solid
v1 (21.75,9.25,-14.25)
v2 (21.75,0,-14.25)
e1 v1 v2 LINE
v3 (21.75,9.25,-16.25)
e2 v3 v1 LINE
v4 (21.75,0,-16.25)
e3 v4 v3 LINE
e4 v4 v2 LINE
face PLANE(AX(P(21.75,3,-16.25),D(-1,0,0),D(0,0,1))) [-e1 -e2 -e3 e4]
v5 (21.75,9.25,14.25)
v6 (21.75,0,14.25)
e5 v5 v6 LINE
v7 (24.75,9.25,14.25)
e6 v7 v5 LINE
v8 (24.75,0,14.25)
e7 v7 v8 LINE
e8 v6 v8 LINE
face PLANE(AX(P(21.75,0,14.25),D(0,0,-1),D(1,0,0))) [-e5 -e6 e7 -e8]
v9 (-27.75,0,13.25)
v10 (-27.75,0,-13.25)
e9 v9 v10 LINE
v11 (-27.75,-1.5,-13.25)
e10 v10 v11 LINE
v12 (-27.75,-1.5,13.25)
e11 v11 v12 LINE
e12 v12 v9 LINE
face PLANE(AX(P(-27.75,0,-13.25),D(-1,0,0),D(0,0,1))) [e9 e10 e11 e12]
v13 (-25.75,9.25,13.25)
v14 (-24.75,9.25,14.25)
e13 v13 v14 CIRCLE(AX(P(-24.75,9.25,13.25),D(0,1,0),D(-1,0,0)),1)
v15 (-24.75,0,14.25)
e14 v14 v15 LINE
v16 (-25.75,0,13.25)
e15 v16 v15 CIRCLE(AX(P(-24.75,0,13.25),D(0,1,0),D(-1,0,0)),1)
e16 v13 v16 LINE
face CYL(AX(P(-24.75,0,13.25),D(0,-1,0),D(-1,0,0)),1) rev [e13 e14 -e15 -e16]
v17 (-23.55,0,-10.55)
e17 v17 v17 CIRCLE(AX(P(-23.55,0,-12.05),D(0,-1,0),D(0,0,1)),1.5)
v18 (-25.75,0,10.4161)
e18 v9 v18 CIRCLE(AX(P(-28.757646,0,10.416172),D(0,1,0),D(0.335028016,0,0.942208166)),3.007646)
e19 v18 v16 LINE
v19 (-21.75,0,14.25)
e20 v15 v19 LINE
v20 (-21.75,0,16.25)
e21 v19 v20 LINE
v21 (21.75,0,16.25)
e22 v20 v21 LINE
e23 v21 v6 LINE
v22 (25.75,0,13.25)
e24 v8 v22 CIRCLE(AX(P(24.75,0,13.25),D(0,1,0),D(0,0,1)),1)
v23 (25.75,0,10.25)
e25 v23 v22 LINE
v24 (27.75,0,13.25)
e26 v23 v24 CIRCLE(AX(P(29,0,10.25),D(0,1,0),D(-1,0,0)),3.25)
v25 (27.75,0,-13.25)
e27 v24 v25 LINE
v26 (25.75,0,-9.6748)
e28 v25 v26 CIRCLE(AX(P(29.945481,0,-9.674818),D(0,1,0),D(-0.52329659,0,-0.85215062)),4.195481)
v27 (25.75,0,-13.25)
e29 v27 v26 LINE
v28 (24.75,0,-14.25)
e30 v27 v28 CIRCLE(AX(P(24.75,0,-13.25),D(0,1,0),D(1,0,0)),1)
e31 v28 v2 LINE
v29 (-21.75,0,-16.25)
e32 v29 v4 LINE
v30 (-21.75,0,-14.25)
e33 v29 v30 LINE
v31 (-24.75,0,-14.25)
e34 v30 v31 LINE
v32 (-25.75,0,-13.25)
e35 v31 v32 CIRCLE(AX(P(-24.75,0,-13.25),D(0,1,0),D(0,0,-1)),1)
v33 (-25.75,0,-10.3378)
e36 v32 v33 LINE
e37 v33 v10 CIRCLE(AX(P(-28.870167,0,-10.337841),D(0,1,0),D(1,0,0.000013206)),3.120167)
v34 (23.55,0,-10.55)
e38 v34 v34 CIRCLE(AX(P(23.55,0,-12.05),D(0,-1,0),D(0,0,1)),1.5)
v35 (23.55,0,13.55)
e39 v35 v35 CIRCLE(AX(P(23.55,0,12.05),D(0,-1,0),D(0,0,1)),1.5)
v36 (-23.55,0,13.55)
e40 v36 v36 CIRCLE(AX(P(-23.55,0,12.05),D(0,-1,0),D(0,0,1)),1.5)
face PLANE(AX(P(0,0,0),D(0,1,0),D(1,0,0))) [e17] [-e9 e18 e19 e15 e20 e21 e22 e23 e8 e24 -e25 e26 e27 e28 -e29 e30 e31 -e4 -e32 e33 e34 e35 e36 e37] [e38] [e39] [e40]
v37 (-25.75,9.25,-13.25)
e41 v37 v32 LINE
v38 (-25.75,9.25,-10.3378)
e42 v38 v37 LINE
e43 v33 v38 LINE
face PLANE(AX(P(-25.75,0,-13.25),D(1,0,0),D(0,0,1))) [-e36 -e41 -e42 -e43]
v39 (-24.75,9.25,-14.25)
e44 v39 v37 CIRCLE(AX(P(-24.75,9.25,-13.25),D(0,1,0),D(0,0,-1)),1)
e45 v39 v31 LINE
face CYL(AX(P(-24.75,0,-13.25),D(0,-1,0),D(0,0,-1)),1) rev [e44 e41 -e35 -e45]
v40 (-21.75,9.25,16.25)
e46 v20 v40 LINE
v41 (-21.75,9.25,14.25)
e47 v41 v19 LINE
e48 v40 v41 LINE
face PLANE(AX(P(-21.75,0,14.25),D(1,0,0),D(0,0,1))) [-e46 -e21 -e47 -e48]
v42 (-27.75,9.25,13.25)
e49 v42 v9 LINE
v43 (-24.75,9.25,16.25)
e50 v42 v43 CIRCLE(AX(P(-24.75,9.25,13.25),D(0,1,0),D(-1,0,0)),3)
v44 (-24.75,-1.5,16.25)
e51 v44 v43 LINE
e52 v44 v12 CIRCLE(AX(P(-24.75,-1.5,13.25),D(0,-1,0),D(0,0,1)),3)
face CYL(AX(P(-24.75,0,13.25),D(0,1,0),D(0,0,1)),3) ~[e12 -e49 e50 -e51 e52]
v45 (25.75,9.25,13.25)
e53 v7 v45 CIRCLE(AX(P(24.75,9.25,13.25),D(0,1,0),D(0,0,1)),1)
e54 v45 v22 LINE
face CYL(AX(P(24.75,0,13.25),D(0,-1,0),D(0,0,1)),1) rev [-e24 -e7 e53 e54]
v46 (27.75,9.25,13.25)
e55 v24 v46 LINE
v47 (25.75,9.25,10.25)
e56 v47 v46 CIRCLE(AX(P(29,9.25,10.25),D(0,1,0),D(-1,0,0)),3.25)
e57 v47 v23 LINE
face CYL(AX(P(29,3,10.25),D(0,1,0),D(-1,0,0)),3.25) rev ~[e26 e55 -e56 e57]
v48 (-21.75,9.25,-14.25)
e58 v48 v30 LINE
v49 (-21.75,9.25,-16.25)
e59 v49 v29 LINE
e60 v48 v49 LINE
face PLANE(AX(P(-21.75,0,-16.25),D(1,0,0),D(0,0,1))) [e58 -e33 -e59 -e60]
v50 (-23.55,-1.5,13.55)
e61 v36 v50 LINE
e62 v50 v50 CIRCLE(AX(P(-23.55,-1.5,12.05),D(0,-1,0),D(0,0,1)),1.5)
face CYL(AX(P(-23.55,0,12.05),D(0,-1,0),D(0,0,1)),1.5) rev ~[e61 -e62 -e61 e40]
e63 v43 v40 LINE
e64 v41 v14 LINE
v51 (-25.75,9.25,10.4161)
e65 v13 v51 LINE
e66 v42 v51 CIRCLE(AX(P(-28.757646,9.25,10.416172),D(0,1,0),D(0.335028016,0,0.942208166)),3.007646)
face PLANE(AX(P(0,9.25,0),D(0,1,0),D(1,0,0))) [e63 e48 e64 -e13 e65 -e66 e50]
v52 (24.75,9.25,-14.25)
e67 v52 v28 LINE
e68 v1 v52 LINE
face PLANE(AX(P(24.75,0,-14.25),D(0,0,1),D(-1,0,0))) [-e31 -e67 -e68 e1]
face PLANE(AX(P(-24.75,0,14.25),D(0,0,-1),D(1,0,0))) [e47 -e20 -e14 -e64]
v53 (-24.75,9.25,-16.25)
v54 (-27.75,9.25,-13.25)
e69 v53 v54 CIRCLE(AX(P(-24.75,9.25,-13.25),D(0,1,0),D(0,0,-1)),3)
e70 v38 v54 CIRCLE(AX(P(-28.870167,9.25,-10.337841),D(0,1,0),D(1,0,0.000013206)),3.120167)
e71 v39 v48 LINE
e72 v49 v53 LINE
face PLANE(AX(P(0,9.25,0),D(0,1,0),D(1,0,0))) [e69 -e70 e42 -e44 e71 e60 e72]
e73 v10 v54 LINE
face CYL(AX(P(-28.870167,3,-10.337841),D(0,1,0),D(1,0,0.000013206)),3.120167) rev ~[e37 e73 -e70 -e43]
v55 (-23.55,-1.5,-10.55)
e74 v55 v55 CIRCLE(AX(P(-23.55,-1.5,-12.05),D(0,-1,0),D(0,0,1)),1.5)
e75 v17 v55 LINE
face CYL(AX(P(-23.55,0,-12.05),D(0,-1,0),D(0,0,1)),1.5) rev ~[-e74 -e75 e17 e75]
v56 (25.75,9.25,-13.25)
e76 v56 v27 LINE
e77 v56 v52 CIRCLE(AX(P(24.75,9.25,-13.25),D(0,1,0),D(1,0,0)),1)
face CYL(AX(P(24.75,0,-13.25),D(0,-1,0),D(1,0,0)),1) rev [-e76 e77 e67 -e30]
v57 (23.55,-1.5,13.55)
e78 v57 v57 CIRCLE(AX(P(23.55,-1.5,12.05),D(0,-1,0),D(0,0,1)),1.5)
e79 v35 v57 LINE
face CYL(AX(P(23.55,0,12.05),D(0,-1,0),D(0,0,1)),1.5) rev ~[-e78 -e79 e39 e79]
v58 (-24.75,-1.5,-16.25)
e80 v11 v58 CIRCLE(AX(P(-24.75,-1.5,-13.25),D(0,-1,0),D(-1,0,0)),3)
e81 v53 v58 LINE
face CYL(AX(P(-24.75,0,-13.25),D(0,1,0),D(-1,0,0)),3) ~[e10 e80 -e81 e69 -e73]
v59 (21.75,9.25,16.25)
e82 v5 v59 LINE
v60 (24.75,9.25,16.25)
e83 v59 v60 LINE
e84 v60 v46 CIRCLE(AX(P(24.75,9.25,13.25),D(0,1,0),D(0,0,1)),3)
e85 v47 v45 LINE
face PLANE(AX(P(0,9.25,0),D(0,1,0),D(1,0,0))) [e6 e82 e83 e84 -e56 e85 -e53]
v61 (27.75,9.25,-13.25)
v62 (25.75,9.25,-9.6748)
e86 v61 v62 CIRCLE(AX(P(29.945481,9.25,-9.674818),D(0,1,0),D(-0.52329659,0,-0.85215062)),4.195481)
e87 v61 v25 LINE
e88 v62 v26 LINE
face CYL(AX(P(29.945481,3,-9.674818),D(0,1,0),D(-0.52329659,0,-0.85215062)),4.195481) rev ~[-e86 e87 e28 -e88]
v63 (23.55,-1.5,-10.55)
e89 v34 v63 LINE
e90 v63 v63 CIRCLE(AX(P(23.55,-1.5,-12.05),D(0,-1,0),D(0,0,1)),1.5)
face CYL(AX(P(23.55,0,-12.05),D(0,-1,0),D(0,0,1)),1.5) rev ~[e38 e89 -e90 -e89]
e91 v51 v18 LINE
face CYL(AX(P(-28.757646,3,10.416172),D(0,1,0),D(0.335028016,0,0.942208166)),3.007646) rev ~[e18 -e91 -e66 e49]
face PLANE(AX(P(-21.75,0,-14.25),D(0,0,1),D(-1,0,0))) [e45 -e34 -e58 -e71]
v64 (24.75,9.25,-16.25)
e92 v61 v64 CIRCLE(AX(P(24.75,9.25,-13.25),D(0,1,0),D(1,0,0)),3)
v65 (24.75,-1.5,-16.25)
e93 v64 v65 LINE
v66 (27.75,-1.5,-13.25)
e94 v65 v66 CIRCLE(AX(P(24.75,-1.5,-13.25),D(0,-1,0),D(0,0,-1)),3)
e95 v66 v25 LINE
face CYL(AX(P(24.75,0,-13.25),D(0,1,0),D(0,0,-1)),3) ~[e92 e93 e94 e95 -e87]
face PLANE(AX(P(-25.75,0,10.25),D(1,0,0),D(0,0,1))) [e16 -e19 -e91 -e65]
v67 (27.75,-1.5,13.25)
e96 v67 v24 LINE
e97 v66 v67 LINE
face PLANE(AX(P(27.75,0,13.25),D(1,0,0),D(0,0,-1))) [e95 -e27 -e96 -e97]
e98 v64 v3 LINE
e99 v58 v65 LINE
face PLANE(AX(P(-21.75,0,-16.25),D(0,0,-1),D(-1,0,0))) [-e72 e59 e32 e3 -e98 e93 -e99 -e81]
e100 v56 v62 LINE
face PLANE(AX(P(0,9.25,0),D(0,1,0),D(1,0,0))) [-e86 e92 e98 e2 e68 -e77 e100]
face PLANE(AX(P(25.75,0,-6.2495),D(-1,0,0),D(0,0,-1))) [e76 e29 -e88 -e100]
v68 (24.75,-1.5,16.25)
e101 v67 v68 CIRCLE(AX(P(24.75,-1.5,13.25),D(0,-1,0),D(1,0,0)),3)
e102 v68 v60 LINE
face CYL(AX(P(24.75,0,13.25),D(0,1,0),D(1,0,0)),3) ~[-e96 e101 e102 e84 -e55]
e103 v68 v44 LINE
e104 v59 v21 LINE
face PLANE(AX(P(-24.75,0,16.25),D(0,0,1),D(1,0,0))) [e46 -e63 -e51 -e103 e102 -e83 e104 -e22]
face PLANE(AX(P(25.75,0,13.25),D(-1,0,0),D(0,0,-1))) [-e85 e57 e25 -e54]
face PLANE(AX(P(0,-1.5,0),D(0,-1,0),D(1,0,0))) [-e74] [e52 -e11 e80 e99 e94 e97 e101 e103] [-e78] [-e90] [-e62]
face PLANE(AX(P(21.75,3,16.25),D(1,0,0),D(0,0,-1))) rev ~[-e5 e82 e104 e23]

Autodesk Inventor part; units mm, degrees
ref_plane "YZ Plane" through (0, 0, 0) normal (1, 0, 0) x (0, 1, 0)
ref_plane "XZ Plane" through (0, 0, 0) normal (0, 1, 0) x (-1, 0, 0)
ref_plane "XY Plane" through (0, 0, 0) normal (0, 0, 1) x (1, 0, 0)
sketch "Sketch3" plane through (0, 0, 0) normal (0, 1, 0) x (-1, 0, 0)
  line L0 (-25.75, 13.25) -> (-25.75, -13.25)
  line L1 (-24.75, -14.25) -> (24.75, -14.25)
  line L2 (25.75, -13.25) -> (25.75, 13.25)
  line L3 (24.75, 14.25) -> (-24.75, 14.25)
  arc A0 (-25.75, -13.25) -> (-24.75, -14.25) centre (-24.75, -13.25) ccw
  arc A1 (-24.75, 14.25) -> (-25.75, 13.25) centre (-24.75, 13.25) ccw
  arc A2 (25.75, 13.25) -> (24.75, 14.25) centre (24.75, 13.25) ccw
  arc A3 (24.75, -14.25) -> (25.75, -13.25) centre (24.75, -13.25) ccw
  line L4 (24.75, -16.25) -> (-24.75, -16.25)
  arc A4 (-27.75, -13.25) -> (-24.75, -16.25) centre (-24.75, -13.25) ccw
  line L5 (-27.75, -13.25) -> (-27.75, 13.25)
  arc A5 (-24.75, 16.25) -> (-27.75, 13.25) centre (-24.75, 13.25) ccw
  line L6 (-24.75, 16.25) -> (24.75, 16.25)
  arc A6 (27.75, 13.25) -> (24.75, 16.25) centre (24.75, 13.25) ccw
  line L7 (27.75, 13.25) -> (27.75, -13.25)
  arc A7 (24.75, -16.25) -> (27.75, -13.25) centre (24.75, -13.25) ccw
  line L8 (21.75, -16.25) -> (21.75, -14.25)
  line L9 (27.75, -10.25) -> (25.75, -10.25)
  line L10 (25.75, 10.25) -> (27.75, 10.25)
  line L11 (21.75, 14.25) -> (21.75, 16.25)
  line L12 (-21.75, 14.25) -> (-21.75, 16.25)
  line L13 (-25.75, 10.25) -> (-27.75, 10.25)
  line L14 (-25.75, -10.25) -> (-27.75, -10.25)
  line L15 (-21.75, -16.25) -> (-21.75, -14.25)
  line L16 (-21.75, -14.25) -> (-17.75, -14.25)
  arc A8 (-17.75, -14.25) -> (-21.75, -16.25) centre (-15.3911, -23.9678) ccw
  line L17 (-21.75, 14.25) -> (-17.75, 14.25)
  arc A9 (-21.75, 16.25) -> (-17.75, 14.25) centre (-15.3911, 23.9678) ccw
  line L18 (-25.75, -10.25) -> (-25.75, -6.2495)
  line L19 (-25.75, 10.25) -> (-25.75, 6.25)
  arc A10 (-27.75, -10.25) -> (-25.75, -6.2495) centre (-35.468, -3.8913) ccw
  arc A11 (-25.75, 6.25) -> (-27.75, 10.25) centre (-35.4678, 3.8911) ccw
  line L20 (25.75, -10.25) -> (25.75, -6.2495)
  arc A12 (25.75, -6.2495) -> (27.75, -10.25) centre (35.468, -3.8913) ccw
  line L21 (25.75, 10.25) -> (25.75, 6.25)
  arc A13 (27.75, 10.25) -> (25.75, 6.25) centre (35.4678, 3.8911) ccw
  point P0 (0, 0)
  point P1 (0, 0)
  point P2 (-25.75, 14.25)
  point P3 (-25.75, -14.25)
  point P4 (25.75, -14.25)
  point P5 (21.75, 15.25)
  point P6 (-26.75, 10.25)
  dimension "d8" = 28.5
  dimension "d9" = 51.5
  dimension "d10" = 14.25
  dimension "d11" = 25.75
  dimension "d12" = 1
  dimension "d13" = 2
  dimension "d14" = 3
  dimension "d15" = 3
  dimension "d16" = 3
  dimension "d17" = 3
  dimension "d18" = 3
  dimension "d19" = 3
  dimension "d20" = 3
  dimension "d21" = 3
  dimension "d22" = 4
  dimension "d23" = 10
  dimension "d24" = 10
  dimension "d25" = 4
  dimension "d26" = 10
  dimension "d27" = 10
  dimension "d28" = 10
  dimension "d29" = 10
extrude "Extrusion2" add sketch "Sketch3" along normal blind 3 contours L0 L13 L5 A5 L6 L12 L3 A1 | L0 A11 L13 | L12 A9 L3 | L0 L14 A10 | L14 L0 A0 L1 L15 L4 A4 L5 | L11 L6 A6 L7 L10 L2 A2 L3 | L15 L1 A8 | L8 L1 A3 L2 L9 L7 A7 L4 | L10 A13 L2 | L9 L2 A12
sketch "Sketch4" plane through (0, 0, 0) normal (0, -1, 0) x (1, 0, 0)
  line L0 (-27.75, -13.25) -> (-27.75, -10.25) projected
  arc A0 (-27.75, -13.25) -> (-24.75, -16.25) centre (-24.75, -13.25) ccw projected
  line L1 (-21.75, -16.25) -> (-24.75, -16.25) projected
  line L2 (-24.75, 16.25) -> (-21.75, 16.25) projected
  arc A1 (-24.75, 16.25) -> (-27.75, 13.25) centre (-24.75, 13.25) ccw projected
  line L3 (-27.75, 10.25) -> (-27.75, 13.25) projected
  line L4 (21.75, 16.25) -> (24.75, 16.25) projected
  arc A2 (27.75, 13.25) -> (24.75, 16.25) centre (24.75, 13.25) ccw projected
  line L5 (27.75, 13.25) -> (27.75, 10.25) projected
  line L6 (27.75, -10.25) -> (27.75, -13.25) projected
  arc A3 (24.75, -16.25) -> (27.75, -13.25) centre (24.75, -13.25) ccw projected
  line L7 (24.75, -16.25) -> (21.75, -16.25) projected
  line L8 (-21.75, -16.25) -> (21.75, -16.25)
  line L9 (-27.75, -10.25) -> (-27.75, 10.25)
  line L10 (-25.75, -6.2495) -> (-25.75, -13.25) projected
  line L11 (-21.75, 16.25) -> (-21.75, 14.25) projected
  arc A4 (17.75, 14.25) -> (21.75, 16.25) centre (15.3911, 23.9678) ccw projected
  line L12 (-21.75, 16.25) -> (21.75, 16.25)
  arc A5 (25.75, -6.2495) -> (27.75, -10.25) centre (35.468, -3.8913) ccw projected
  line L13 (27.75, 10.25) -> (27.75, -10.25)
  point P0 (0, 0)
extrude "Extrusion3" add sketch "Sketch4" along normal blind 1.5
sketch "Sketch5" plane through (0, 0, 0) normal (0, 1, 0) x (1, 0, 0)
  line L0 (-21.75, -14.25) -> (-24.75, -14.25) projected
  line L1 (-24.75, -14.25) -> (-24.75, -12.05)
  line L2 (-24.75, -12.05) -> (-23.55, -12.05)
  line L3 (-24.75, 14.25) -> (-21.75, 14.25) projected
  line L4 (-24.75, 14.25) -> (-24.75, 12.05)
  line L5 (-24.75, 12.05) -> (-23.55, 12.05)
  arc A0 (25.75, 13.25) -> (24.75, 14.25) centre (24.75, 13.25) ccw projected
  line L6 (24.75, 14.25) -> (24.75, 12.05)
  line L7 (24.75, 12.05) -> (23.55, 12.05)
  arc A1 (24.75, -14.25) -> (25.75, -13.25) centre (24.75, -13.25) ccw projected
  line L8 (24.75, -14.25) -> (24.75, -12.05)
  line L9 (24.75, -12.05) -> (23.55, -12.05)
  point P0 (0, 0)
  dimension "d34" = 2.2
  dimension "d35" = 1.2
  dimension "d36" = 2.2
  dimension "d37" = 2.2
  dimension "d38" = 1.2
  dimension "d39" = 2.2
hole "Hole1" at (-23.55, 0, 12.05) at (-23.55, 0, -12.05) at (23.55, 0, -12.05) at (23.55, 0, 12.05) direction (0, -1, 0) diameter 3 end through all
sketch "Sketch6" plane through (0, 3, 0) normal (0, 1, 0) x (1, 0, 0)
  line L0 (25.75, -6.25) -> (25.75, 6.152)
  line L1 (24.75, -14.25) -> (17.75, -14.25) projected
  line L2 (17.75, -14.25) -> (-21.75, -14.25)
  arc A0 (-25.75, 6.2495) -> (-27.75, 10.25) centre (-35.468, 3.8913) ccw projected
  line L3 (-25.75, -6.25) -> (-25.75, 6.2495)
  line L4 (-24.75, 14.25) -> (-21.75, 14.25) projected
  line L5 (-21.75, 14.25) -> (17.75, 14.25)
  line L6 (25.75, -6.25) -> (25.75, -13.25) projected
  arc A1 (24.75, -16.25) -> (27.75, -13.25) centre (24.75, -13.25) ccw projected
  arc A2 (25.75, -10.25) -> (27.75, -13.25) centre (29, -10.25) ccw
  line L7 (25.75, -6.25) -> (25.75, -13.25) projected
  line L8 (25.75, 13.25) -> (25.75, 6.2495) projected
  arc A3 (27.75, 10.25) -> (25.75, 6.2495) centre (35.468, 3.8913) ccw projected
  line L9 (27.75, 10.25) -> (27.75, 13.25) projected
  line L10 (17.75, 14.25) -> (24.75, 14.25) projected
  arc A4 (17.75, 14.25) -> (21.75, 16.25) centre (15.3911, 23.9678) ccw projected
  line L11 (24.75, 16.25) -> (21.75, 16.25) projected
  line L12 (-27.75, 13.25) -> (-27.75, 10.25) projected
  arc A5 (-25.75, 6.2495) -> (-27.75, 10.25) centre (-35.468, 3.8913) ccw projected
  line L13 (-25.75, 6.2495) -> (-25.75, 13.25) projected
  line L14 (-21.75, 14.25) -> (-21.75, 16.25) projected
  line L15 (-21.75, 16.25) -> (-24.75, 16.25) projected
  arc A6 (-27.75, -10.25) -> (-25.75, -6.25) centre (-35.4678, -3.8911) ccw projected
  line L16 (-25.75, -13.25) -> (-25.75, -6.25) projected
  line L17 (-27.75, -10.25) -> (-27.75, -13.25) projected
  arc A7 (-27.75, -13.25) -> (-24.75, -16.25) centre (-24.75, -13.25) ccw projected
  line L18 (-24.75, -16.25) -> (-21.75, -16.25) projected
  line L19 (-21.75, -16.25) -> (-21.75, -14.25) projected
  arc A8 (21.75, -16.25) -> (17.75, -14.25) centre (15.3911, -23.9678) ccw projected
  line L20 (21.75, -16.25) -> (21.75, -14.25)
  arc A9 (-27.75, -13.25) -> (-25.75, -10.4161) centre (-28.7577, -10.4161) ccw
  arc A10 (27.75, 13.25) -> (25.75, 9.6748) centre (29.9455, 9.6748) ccw
  arc A11 (-25.75, 10.3378) -> (-27.75, 13.25) centre (-28.8703, 10.3378) ccw
  line L21 (21.75, 16.25) -> (21.75, 14.25)
  line L22 (27.75, -13.25) -> (27.75, -10.25) projected
  arc A12 (25.75, -6.25) -> (27.75, -10.25) centre (35.4678, -3.8911) ccw projected
  point P0 (0, 0)
extrude "Extrusion4" cut sketch "Sketch6" against normal blind 3
sketch "Sketch7" plane through (0, 3, 0) normal (0, 1, 0) x (1, 0, 0)
  arc A0 (25.75, -10.25) -> (27.75, -13.25) centre (29, -10.25) ccw projected
  arc A1 (24.75, -16.25) -> (27.75, -13.25) centre (24.75, -13.25) ccw projected
  arc A2 (24.75, -14.25) -> (25.75, -13.25) centre (24.75, -13.25) ccw projected
  line L0 (25.75, -10.25) -> (25.75, -13.25) projected
  line L1 (24.75, -14.25) -> (21.75, -14.25) projected
  line L2 (21.75, -14.25) -> (21.75, -16.25) projected
  line L3 (21.75, -16.25) -> (24.75, -16.25) projected
  line L4 (-21.75, -14.25) -> (-24.75, -14.25) projected
  line L5 (-21.75, -16.25) -> (-21.75, -14.25) projected
  line L6 (-24.75, -16.25) -> (-21.75, -16.25) projected
  arc A3 (-27.75, -13.25) -> (-24.75, -16.25) centre (-24.75, -13.25) ccw projected
  arc A4 (-27.75, -13.25) -> (-25.75, -10.4161) centre (-28.7577, -10.4161) ccw projected
  line L7 (-25.75, -13.25) -> (-25.75, -10.4161) projected
  arc A5 (-25.75, -13.25) -> (-24.75, -14.25) centre (-24.75, -13.25) ccw projected
  arc A6 (-25.75, 10.3378) -> (-27.75, 13.25) centre (-28.8703, 10.3378) ccw projected
  line L8 (-25.75, 10.3378) -> (-25.75, 13.25) projected
  arc A7 (-24.75, 14.25) -> (-25.75, 13.25) centre (-24.75, 13.25) ccw projected
  line L9 (-24.75, 14.25) -> (-21.75, 14.25) projected
  line L10 (-21.75, 14.25) -> (-21.75, 16.25) projected
  line L11 (-21.75, 16.25) -> (-24.75, 16.25) projected
  arc A8 (-24.75, 16.25) -> (-27.75, 13.25) centre (-24.75, 13.25) ccw projected
  arc A9 (27.75, 13.25) -> (24.75, 16.25) centre (24.75, 13.25) ccw projected
  line L12 (24.75, 16.25) -> (21.75, 16.25) projected
  line L13 (21.75, 16.25) -> (21.75, 14.25) projected
  line L14 (21.75, 14.25) -> (24.75, 14.25) projected
  arc A10 (25.75, 13.25) -> (24.75, 14.25) centre (24.75, 13.25) ccw projected
  line L15 (25.75, 13.25) -> (25.75, 9.6748) projected
  arc A11 (27.75, 13.25) -> (25.75, 9.6748) centre (29.9455, 9.6748) ccw projected
  point P0 (0, 0)
extrude "Extrusion5" add sketch "Sketch7" along normal blind 6.25
